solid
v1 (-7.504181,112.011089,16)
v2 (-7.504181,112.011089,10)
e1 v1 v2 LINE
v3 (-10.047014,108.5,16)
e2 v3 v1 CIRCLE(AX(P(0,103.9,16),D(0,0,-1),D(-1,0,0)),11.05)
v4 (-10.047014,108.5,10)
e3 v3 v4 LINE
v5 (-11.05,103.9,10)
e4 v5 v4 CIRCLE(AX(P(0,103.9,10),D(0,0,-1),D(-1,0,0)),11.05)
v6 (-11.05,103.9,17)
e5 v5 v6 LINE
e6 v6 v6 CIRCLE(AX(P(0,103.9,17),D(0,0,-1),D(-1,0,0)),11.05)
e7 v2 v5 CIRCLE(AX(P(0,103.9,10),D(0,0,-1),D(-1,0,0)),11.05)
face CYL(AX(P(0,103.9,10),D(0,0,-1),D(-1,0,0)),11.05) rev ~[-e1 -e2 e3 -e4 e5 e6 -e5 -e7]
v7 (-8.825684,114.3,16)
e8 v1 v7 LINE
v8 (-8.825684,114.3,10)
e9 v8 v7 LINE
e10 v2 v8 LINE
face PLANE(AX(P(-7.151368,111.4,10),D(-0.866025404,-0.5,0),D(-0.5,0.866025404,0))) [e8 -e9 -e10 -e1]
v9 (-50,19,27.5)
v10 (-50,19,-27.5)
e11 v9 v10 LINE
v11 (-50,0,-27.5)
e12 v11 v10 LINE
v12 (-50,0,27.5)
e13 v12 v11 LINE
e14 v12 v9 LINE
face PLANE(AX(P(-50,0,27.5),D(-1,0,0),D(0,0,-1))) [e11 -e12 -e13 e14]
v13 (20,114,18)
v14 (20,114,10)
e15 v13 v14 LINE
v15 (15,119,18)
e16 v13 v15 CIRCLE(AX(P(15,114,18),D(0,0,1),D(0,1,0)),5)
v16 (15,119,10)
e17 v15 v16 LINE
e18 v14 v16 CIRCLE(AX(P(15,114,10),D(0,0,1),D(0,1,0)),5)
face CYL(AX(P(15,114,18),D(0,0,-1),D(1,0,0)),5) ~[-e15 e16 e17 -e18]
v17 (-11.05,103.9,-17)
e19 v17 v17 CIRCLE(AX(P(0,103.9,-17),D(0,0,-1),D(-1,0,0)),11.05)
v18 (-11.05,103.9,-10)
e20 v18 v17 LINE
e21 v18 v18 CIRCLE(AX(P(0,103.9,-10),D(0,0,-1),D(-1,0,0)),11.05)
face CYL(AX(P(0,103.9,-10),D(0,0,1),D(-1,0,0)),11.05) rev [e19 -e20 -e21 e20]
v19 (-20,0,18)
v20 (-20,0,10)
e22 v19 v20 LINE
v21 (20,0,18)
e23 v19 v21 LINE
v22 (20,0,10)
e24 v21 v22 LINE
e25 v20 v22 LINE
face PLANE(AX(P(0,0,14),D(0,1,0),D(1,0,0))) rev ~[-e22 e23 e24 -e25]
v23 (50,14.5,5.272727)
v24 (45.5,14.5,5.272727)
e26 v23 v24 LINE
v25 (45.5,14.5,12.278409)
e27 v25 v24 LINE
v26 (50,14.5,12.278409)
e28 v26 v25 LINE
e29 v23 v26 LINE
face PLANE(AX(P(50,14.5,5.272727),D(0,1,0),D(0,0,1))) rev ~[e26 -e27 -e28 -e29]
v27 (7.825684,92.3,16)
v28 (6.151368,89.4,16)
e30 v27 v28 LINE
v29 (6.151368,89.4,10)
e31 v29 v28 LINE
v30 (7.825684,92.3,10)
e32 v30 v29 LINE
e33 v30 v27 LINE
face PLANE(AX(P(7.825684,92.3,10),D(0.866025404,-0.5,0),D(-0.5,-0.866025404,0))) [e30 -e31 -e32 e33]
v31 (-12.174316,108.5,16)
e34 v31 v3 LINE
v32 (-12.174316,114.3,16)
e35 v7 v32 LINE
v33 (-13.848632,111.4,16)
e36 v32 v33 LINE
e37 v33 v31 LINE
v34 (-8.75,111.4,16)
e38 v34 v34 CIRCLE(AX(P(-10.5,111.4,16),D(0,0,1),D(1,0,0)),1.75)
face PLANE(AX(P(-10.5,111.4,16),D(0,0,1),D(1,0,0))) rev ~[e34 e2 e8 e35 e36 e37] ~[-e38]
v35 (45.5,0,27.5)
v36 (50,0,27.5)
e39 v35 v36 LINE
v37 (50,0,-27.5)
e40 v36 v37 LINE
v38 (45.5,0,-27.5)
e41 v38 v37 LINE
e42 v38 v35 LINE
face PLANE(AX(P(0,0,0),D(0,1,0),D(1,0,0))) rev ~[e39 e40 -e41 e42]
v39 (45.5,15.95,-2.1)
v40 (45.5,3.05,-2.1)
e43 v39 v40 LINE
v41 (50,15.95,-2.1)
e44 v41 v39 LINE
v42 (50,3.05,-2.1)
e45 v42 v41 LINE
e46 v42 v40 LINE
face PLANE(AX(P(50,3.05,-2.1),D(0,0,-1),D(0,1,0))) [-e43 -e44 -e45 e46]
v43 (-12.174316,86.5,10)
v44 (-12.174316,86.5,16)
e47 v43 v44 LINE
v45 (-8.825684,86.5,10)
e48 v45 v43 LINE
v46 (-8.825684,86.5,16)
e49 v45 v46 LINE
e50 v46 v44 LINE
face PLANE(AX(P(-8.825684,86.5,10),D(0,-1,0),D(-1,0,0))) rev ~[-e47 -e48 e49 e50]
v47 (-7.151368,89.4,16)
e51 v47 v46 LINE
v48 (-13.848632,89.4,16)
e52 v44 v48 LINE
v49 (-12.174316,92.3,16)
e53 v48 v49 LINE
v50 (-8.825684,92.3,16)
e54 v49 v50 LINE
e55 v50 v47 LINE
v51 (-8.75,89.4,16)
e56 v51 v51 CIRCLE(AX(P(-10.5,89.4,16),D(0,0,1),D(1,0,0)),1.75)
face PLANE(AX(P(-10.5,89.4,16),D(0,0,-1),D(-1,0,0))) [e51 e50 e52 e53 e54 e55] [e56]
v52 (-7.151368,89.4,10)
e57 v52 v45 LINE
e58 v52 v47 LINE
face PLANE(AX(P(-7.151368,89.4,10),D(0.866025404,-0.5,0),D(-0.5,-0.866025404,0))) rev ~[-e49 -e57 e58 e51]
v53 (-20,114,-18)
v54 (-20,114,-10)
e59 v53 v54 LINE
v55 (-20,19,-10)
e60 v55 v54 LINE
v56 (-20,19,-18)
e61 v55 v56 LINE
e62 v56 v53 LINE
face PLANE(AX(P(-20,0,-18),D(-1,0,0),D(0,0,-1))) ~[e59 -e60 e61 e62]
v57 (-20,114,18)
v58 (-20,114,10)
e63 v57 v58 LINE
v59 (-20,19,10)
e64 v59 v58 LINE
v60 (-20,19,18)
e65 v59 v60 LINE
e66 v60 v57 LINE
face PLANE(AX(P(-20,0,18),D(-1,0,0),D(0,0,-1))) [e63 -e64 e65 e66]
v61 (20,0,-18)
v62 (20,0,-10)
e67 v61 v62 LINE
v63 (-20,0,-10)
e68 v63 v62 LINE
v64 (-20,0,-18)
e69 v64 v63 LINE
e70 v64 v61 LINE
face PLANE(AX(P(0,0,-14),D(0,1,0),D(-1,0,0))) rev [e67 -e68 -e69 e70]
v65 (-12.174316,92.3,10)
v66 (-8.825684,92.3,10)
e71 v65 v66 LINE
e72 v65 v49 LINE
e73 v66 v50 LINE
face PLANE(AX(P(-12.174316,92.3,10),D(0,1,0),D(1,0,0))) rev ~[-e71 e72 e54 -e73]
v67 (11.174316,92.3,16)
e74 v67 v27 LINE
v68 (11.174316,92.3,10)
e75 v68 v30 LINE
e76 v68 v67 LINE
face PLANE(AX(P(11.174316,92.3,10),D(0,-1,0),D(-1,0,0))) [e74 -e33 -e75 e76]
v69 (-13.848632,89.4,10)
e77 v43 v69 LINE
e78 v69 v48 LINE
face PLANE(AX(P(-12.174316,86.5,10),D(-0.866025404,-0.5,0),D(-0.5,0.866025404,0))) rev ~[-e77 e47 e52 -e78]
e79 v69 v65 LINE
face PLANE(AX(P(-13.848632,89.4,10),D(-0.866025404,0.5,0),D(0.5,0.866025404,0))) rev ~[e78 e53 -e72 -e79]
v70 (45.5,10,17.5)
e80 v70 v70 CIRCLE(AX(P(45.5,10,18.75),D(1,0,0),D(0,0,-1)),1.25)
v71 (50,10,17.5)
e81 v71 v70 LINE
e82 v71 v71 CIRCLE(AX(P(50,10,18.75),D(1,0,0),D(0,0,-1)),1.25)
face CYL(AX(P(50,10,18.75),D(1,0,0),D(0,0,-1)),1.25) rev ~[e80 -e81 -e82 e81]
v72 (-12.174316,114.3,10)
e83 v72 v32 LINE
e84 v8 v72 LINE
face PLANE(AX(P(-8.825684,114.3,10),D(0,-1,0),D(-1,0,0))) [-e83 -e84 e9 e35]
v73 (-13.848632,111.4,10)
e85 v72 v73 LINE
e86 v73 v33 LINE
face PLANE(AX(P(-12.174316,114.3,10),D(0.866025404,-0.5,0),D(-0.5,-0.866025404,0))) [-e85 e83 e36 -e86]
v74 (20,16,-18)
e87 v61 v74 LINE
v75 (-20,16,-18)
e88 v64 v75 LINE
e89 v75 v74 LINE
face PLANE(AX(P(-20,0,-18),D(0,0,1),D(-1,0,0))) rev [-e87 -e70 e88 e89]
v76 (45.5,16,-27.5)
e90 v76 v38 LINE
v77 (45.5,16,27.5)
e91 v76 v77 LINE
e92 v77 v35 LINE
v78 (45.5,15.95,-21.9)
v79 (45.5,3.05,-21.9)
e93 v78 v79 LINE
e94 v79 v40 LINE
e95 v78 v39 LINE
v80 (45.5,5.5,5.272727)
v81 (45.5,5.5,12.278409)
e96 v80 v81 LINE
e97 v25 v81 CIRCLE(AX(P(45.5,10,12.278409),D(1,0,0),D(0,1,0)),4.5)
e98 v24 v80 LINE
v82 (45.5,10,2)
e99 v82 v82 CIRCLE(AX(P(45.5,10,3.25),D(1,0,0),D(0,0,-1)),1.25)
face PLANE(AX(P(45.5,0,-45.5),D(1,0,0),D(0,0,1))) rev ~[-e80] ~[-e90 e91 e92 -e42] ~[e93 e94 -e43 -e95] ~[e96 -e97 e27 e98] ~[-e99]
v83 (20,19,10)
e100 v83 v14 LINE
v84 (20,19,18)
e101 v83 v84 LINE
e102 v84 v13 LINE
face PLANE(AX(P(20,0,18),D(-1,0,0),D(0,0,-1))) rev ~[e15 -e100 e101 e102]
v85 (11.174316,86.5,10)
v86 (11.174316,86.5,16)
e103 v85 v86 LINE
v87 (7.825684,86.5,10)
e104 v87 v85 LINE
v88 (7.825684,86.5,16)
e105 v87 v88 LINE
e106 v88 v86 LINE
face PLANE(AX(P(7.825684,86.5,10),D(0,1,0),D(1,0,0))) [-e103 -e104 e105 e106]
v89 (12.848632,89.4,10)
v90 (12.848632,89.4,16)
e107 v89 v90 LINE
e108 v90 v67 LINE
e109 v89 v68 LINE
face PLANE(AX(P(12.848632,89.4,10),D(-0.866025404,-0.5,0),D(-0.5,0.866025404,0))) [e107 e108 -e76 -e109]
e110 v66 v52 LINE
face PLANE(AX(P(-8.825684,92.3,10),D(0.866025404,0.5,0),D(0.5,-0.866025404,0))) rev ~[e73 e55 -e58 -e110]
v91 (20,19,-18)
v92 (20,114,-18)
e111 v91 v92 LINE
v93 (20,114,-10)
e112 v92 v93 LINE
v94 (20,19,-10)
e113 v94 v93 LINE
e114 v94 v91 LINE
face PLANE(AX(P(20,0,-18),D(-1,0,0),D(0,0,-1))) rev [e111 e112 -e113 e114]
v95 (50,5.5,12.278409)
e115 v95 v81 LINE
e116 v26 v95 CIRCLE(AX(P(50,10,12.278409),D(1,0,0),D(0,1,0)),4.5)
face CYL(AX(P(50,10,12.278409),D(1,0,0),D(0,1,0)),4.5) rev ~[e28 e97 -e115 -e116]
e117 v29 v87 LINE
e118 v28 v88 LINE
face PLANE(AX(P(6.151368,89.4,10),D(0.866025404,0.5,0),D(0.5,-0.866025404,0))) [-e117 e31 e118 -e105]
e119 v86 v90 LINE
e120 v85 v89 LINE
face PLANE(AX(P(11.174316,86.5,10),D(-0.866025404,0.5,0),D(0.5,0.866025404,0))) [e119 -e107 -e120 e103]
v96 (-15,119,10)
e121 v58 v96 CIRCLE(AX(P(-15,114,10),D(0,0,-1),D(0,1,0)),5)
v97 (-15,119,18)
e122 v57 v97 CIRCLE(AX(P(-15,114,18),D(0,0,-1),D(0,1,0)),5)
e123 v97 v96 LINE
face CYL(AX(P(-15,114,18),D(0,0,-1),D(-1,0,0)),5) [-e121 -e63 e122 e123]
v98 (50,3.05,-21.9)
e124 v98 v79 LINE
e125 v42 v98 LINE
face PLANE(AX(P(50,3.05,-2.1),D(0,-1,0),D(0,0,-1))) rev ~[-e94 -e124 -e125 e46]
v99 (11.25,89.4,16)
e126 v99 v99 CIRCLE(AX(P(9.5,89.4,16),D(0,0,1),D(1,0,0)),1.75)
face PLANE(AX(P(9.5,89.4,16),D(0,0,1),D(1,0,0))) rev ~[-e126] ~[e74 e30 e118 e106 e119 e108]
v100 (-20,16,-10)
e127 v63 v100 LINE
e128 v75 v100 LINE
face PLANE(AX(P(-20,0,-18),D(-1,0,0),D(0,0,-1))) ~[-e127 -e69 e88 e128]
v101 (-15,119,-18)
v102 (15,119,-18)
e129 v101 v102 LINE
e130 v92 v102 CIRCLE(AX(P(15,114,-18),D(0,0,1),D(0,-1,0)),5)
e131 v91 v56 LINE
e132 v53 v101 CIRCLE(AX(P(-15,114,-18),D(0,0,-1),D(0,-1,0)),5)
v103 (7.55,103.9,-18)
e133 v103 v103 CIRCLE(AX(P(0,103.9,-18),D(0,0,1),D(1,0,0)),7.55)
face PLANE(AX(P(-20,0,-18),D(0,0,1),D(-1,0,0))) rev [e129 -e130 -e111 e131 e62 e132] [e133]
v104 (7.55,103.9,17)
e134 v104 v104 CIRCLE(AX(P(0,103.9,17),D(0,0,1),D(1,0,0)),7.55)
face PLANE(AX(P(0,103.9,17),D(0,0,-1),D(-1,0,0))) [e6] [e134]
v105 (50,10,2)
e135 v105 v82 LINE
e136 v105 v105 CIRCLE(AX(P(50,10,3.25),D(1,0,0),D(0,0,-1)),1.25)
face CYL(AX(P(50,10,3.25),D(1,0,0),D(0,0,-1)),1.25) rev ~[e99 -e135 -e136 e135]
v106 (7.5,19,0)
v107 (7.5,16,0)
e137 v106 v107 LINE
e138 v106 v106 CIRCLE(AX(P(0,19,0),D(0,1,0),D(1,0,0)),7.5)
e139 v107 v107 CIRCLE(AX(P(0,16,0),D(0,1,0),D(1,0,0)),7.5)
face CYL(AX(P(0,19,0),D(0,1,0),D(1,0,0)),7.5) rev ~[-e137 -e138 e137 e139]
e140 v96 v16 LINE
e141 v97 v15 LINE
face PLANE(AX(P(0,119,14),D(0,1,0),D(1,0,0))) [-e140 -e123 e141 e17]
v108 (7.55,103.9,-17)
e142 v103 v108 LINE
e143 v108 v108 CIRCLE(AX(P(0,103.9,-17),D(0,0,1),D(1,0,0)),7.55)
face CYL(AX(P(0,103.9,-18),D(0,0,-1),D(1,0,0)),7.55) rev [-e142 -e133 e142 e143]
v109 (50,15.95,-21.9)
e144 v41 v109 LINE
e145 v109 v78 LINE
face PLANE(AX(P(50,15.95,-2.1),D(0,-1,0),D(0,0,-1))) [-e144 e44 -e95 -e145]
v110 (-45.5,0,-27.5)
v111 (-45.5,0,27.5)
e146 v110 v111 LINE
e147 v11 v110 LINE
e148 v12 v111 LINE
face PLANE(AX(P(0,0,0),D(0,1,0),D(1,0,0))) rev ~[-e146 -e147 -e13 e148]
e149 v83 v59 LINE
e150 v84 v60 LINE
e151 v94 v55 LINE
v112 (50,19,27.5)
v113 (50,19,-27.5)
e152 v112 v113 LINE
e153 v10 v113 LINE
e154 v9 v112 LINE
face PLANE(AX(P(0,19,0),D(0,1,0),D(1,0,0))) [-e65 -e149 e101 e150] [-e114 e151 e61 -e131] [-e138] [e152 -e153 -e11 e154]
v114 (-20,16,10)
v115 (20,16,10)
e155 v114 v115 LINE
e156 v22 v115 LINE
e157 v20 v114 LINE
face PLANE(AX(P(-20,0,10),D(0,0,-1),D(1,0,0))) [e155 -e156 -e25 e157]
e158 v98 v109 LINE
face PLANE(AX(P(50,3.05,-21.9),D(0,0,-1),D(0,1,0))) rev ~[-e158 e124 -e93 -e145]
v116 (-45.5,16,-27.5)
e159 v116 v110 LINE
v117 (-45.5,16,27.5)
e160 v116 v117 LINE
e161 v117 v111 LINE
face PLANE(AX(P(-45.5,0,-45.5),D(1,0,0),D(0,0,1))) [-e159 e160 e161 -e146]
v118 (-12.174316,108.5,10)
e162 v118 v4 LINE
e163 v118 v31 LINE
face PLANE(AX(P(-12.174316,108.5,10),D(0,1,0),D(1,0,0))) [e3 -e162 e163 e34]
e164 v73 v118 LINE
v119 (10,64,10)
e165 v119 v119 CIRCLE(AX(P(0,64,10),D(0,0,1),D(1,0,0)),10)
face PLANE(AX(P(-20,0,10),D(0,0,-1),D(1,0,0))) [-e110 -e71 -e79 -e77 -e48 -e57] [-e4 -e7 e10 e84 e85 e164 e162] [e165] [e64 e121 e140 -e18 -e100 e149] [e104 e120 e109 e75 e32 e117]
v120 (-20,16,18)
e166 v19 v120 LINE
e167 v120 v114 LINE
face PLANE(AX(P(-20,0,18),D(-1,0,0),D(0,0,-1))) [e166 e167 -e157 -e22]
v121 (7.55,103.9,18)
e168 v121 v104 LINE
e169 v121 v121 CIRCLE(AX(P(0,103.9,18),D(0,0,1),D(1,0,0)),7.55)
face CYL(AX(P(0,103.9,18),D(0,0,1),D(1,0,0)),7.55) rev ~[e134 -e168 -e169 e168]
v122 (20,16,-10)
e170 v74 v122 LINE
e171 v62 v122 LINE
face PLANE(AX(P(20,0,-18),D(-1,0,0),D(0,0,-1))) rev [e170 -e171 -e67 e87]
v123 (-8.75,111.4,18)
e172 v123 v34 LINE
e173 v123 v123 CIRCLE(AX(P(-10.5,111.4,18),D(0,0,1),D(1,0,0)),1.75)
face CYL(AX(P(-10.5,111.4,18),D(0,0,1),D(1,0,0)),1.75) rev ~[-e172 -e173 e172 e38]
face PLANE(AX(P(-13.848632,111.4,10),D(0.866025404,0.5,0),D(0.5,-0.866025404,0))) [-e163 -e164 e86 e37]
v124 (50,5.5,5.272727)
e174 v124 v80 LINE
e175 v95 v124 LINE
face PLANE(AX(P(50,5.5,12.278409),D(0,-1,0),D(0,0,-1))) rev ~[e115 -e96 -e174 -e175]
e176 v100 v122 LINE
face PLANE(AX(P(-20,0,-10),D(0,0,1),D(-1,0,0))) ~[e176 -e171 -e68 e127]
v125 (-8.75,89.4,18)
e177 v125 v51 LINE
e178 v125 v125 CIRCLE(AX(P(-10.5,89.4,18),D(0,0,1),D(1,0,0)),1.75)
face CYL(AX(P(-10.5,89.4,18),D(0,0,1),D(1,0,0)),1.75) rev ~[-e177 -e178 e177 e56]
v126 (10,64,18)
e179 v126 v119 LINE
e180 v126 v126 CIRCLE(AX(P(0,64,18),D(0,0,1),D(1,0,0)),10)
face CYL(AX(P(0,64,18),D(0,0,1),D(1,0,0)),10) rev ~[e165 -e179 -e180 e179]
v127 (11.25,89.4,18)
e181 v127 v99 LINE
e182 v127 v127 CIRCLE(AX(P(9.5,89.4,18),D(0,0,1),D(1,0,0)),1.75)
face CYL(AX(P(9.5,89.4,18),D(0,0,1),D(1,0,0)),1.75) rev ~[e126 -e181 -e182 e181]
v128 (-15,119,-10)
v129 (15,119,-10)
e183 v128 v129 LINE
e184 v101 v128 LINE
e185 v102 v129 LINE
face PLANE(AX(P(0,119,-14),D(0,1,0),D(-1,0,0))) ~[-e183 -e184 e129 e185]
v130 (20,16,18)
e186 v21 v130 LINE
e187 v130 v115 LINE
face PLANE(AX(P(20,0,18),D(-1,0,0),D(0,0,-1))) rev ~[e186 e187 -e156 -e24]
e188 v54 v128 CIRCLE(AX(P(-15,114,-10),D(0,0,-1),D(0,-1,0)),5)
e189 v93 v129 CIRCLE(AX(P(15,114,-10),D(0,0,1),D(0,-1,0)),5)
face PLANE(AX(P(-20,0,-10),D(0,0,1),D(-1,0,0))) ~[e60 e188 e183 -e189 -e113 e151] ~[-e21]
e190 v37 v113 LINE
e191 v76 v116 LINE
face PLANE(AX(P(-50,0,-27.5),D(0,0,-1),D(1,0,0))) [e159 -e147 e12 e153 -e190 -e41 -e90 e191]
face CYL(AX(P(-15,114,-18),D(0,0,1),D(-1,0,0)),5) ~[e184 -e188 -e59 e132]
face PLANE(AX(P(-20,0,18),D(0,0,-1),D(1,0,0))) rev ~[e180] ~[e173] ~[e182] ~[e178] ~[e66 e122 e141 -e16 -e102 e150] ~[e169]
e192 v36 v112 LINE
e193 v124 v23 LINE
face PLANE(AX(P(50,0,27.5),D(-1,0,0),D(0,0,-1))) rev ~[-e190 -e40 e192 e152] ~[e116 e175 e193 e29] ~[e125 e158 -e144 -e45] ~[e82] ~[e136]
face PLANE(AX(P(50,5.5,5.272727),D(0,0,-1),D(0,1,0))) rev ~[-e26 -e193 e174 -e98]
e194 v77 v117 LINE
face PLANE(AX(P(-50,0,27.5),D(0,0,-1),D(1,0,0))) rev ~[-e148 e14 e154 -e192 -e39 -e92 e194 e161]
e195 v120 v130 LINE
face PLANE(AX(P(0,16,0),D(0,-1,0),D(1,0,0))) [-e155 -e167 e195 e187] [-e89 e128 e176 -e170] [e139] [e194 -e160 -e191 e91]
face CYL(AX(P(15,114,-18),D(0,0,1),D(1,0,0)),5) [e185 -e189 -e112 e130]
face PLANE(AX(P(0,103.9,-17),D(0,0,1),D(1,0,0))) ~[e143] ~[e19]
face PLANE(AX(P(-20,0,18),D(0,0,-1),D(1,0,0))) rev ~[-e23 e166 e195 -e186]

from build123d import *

# Parameters (mm, degrees)
SKETCH1_W            = 100
SKETCH1_H            = 55
BOSS_EXTRUDE1_DEPTH  = 19
SKETCH2_W            = 91
SKETCH2_H            = 91
CUT_EXTRUDE1_DEPTH   = 16
CUT_EXTRUDE3_REACH   = 102
SKETCH3_R            = 1.25
CUT_EXTRUDE13_REACH  = 102
SKETCH15_W           = 19.8
SKETCH15_H           = 12.9
BOSS_EXTRUDE2_START  = -19
SKETCH6_W            = 40
SKETCH6_H            = 8
BOSS_EXTRUDE2_DEPTH  = 119
SKETCH7_R            = 11.05
CUT_EXTRUDE5_DEPTH   = 7
SKETCH8_R            = 7.55
CUT_EXTRUDE6_DEPTH   = 1
FILLET1_R            = 5
FILLET1_OF_MIRROR2_R = 5
CUT_EXTRUDE7_REACH   = 21
SKETCH9_R            = 7.5
CUT_EXTRUDE10_REACH  = 47.5
SKETCH12_R           = 10
CUT_EXTRUDE11_REACH  = 47.5
SKETCH13_R           = 1.75
CUT_EXTRUDE12_DEPTH  = 6


with BuildPart() as part:
    # Sketch1 → Boss-Extrude1 (new body)
    with BuildSketch(Plane(origin=(0, 0, 0), x_dir=(1, 0, 0), z_dir=(0, 1, 0))):
        Rectangle(SKETCH1_W, SKETCH1_H)
    extrude(amount=BOSS_EXTRUDE1_DEPTH)

    # Sketch2 → Cut-Extrude1 (cut)
    with BuildSketch(Plane.XZ):
        Rectangle(SKETCH2_W, SKETCH2_H)
    extrude(amount=-CUT_EXTRUDE1_DEPTH, mode=Mode.SUBTRACT)

    # Sketch3 → Cut-Extrude3 (cut, up to next)
    with BuildSketch(Plane(origin=(50, 0, 0), x_dir=(0, 0, -1), z_dir=(1, 0, 0)), mode=Mode.PRIVATE) as cut_extrude3_sk1:
        with Locations((-18.75, 10)):
            Circle(SKETCH3_R)
    cut_extrude3_tool1 = extrude(cut_extrude3_sk1.sketch, amount=-CUT_EXTRUDE3_REACH, mode=Mode.PRIVATE) & part.part
    add(cut_extrude3_tool1.solids().sort_by_distance((50, 10, 18.75))[0], mode=Mode.SUBTRACT)
    # Sketch3 → Cut-Extrude3 (cut, up to next)
    with BuildSketch(Plane(origin=(50, 0, 0), x_dir=(0, 0, -1), z_dir=(1, 0, 0)), mode=Mode.PRIVATE) as cut_extrude3_sk2:
        with Locations((-3.25, 10)):
            Circle(SKETCH3_R)
    cut_extrude3_tool2 = extrude(cut_extrude3_sk2.sketch, amount=-CUT_EXTRUDE3_REACH, mode=Mode.PRIVATE) & part.part
    add(cut_extrude3_tool2.solids().sort_by_distance((50, 10, 3.25))[0], mode=Mode.SUBTRACT)
    # Sketch3 → Cut-Extrude3 (cut, up to next)
    with BuildSketch(Plane(origin=(50, 0, 0), x_dir=(0, 0, -1), z_dir=(1, 0, 0)), mode=Mode.PRIVATE) as cut_extrude3_sk3:
        with BuildLine():
            Line((-5.272727273, 5.5), (-5.272727273, 14.5))
            Line((-5.272727273, 14.5), (-12.278409091, 14.5))
            ThreePointArc((-12.278409091, 14.5), (-16.778409091, 10), (-12.278409091, 5.5))
            Line((-12.278409091, 5.5), (-5.272727273, 5.5))
        make_face()
    cut_extrude3_tool3 = extrude(cut_extrude3_sk3.sketch, amount=-CUT_EXTRUDE3_REACH, mode=Mode.PRIVATE) & part.part
    add(cut_extrude3_tool3.solids().sort_by_distance((50, 10, 10.590569))[0], mode=Mode.SUBTRACT)

    # Sketch15 → Cut-Extrude13 (cut, up to next)
    with BuildSketch(Plane(origin=(50, 0, 0), x_dir=(0, 0, -1), z_dir=(1, 0, 0)), mode=Mode.PRIVATE) as cut_extrude13_sk1:
        with Locations((12, 9.5)):
            Rectangle(SKETCH15_W, SKETCH15_H)
    cut_extrude13_tool1 = extrude(cut_extrude13_sk1.sketch, amount=-CUT_EXTRUDE13_REACH, mode=Mode.PRIVATE) & part.part
    add(cut_extrude13_tool1.solids().sort_by_distance((50, 9.5, -12))[0], mode=Mode.SUBTRACT)

    # Sketch6 → Boss-Extrude2 (add)
    with BuildSketch(Plane(origin=(0, 19, 0), x_dir=(1, 0, 0), z_dir=(0, 1, 0)).offset(BOSS_EXTRUDE2_START)):
        with Locations((0, -14)):
            Rectangle(SKETCH6_W, SKETCH6_H)
    boss_extrude2 = extrude(amount=BOSS_EXTRUDE2_DEPTH)

    # Sketch7 → Cut-Extrude5 (cut)
    with BuildSketch(Plane(origin=(0, 0, 10), x_dir=(-1, 0, 0), z_dir=(0, 0, -1))):
        with Locations((0, 103.9)):
            Circle(SKETCH7_R)
    cut_extrude5 = extrude(amount=-CUT_EXTRUDE5_DEPTH, mode=Mode.SUBTRACT)

    # Sketch8 → Cut-Extrude6 (cut)
    with BuildSketch(Plane.XY.offset(18)):
        with Locations((0, 103.9)):
            Circle(SKETCH8_R)
    cut_extrude6 = extrude(amount=-CUT_EXTRUDE6_DEPTH, mode=Mode.SUBTRACT)

    # Fillet1
    fillet1_edges = [part.edges().sort_by_distance(p)[0] for p in [
        (-20, 119, 14),
        (20, 119, 14),
    ]]
    fillet(fillet1_edges, radius=FILLET1_R)

    # Mirror2: Boss-Extrude2, Cut-Extrude5, Cut-Extrude6 across plane
    add(boss_extrude2.mirror(Plane.XY))
    add(cut_extrude5.mirror(Plane.XY), mode=Mode.SUBTRACT)
    add(cut_extrude6.mirror(Plane.XY), mode=Mode.SUBTRACT)

    # Fillet1 of Mirror2
    fillet1_of_mirror2_edges = [part.edges().sort_by_distance(p)[0] for p in [
        (-20, 119, -14),
        (20, 119, -14),
    ]]
    fillet(fillet1_of_mirror2_edges, radius=FILLET1_OF_MIRROR2_R)

    # Sketch9 → Cut-Extrude7 (cut, up to next)
    with BuildSketch(Plane(origin=(0, 19, 0), x_dir=(1, 0, 0), z_dir=(0, 1, 0)), mode=Mode.PRIVATE) as cut_extrude7_sk1:
        Circle(SKETCH9_R)
    cut_extrude7_tool1 = extrude(cut_extrude7_sk1.sketch, amount=-CUT_EXTRUDE7_REACH, mode=Mode.PRIVATE) & part.part
    add(cut_extrude7_tool1.solids().sort_by_distance((0, 19, 0))[0], mode=Mode.SUBTRACT)

    # Sketch12 → Cut-Extrude10 (cut, up to next)
    with BuildSketch(Plane.XY.offset(18), mode=Mode.PRIVATE) as cut_extrude10_sk1:
        with Locations((0, 64)):
            Circle(SKETCH12_R)
    cut_extrude10_tool1 = extrude(cut_extrude10_sk1.sketch, amount=-CUT_EXTRUDE10_REACH, mode=Mode.PRIVATE) & part.part
    add(cut_extrude10_tool1.solids().sort_by_distance((0, 64, 18))[0], mode=Mode.SUBTRACT)

    # Sketch13 → Cut-Extrude11 (cut, up to next)
    with BuildSketch(Plane.XY.offset(18), mode=Mode.PRIVATE) as cut_extrude11_sk1:
        with Locations((-10.5, 89.4)):
            Circle(SKETCH13_R)
    cut_extrude11_tool1 = extrude(cut_extrude11_sk1.sketch, amount=-CUT_EXTRUDE11_REACH, mode=Mode.PRIVATE) & part.part
    add(cut_extrude11_tool1.solids().sort_by_distance((-10.5, 89.4, 18))[0], mode=Mode.SUBTRACT)
    # Sketch13 → Cut-Extrude11 (cut, up to next)
    with BuildSketch(Plane.XY.offset(18), mode=Mode.PRIVATE) as cut_extrude11_sk2:
        with Locations((-10.5, 111.4)):
            Circle(SKETCH13_R)
    cut_extrude11_tool2 = extrude(cut_extrude11_sk2.sketch, amount=-CUT_EXTRUDE11_REACH, mode=Mode.PRIVATE) & part.part
    add(cut_extrude11_tool2.solids().sort_by_distance((-10.5, 111.4, 18))[0], mode=Mode.SUBTRACT)
    # Sketch13 → Cut-Extrude11 (cut, up to next)
    with BuildSketch(Plane.XY.offset(18), mode=Mode.PRIVATE) as cut_extrude11_sk3:
        with Locations((9.5, 89.4)):
            Circle(SKETCH13_R)
    cut_extrude11_tool3 = extrude(cut_extrude11_sk3.sketch, amount=-CUT_EXTRUDE11_REACH, mode=Mode.PRIVATE) & part.part
    add(cut_extrude11_tool3.solids().sort_by_distance((9.5, 89.4, 18))[0], mode=Mode.SUBTRACT)

    # Sketch14 → Cut-Extrude12 (cut)
    with BuildSketch(Plane(origin=(0, 0, 10), x_dir=(-1, 0, 0), z_dir=(0, 0, -1))):
        Polygon((-11.174315781, 92.3), (-7.825684219, 92.3), (-6.151368439, 89.4), (-7.825684219, 86.5), (-11.174315781, 86.5), (-12.848631561, 89.4), align=None)
        Polygon((13.848631561, 89.4), (12.174315781, 92.3), (8.825684219, 92.3), (7.151368439, 89.4), (8.825684219, 86.5), (12.174315781, 86.5), align=None)
        Polygon((7.151368439, 111.4), (8.825684219, 114.3), (12.174315781, 114.3), (13.848631561, 111.4), (12.174315781, 108.5), (8.825684219, 108.5), align=None)
    extrude(amount=-CUT_EXTRUDE12_DEPTH, mode=Mode.SUBTRACT)


solid = part.part
